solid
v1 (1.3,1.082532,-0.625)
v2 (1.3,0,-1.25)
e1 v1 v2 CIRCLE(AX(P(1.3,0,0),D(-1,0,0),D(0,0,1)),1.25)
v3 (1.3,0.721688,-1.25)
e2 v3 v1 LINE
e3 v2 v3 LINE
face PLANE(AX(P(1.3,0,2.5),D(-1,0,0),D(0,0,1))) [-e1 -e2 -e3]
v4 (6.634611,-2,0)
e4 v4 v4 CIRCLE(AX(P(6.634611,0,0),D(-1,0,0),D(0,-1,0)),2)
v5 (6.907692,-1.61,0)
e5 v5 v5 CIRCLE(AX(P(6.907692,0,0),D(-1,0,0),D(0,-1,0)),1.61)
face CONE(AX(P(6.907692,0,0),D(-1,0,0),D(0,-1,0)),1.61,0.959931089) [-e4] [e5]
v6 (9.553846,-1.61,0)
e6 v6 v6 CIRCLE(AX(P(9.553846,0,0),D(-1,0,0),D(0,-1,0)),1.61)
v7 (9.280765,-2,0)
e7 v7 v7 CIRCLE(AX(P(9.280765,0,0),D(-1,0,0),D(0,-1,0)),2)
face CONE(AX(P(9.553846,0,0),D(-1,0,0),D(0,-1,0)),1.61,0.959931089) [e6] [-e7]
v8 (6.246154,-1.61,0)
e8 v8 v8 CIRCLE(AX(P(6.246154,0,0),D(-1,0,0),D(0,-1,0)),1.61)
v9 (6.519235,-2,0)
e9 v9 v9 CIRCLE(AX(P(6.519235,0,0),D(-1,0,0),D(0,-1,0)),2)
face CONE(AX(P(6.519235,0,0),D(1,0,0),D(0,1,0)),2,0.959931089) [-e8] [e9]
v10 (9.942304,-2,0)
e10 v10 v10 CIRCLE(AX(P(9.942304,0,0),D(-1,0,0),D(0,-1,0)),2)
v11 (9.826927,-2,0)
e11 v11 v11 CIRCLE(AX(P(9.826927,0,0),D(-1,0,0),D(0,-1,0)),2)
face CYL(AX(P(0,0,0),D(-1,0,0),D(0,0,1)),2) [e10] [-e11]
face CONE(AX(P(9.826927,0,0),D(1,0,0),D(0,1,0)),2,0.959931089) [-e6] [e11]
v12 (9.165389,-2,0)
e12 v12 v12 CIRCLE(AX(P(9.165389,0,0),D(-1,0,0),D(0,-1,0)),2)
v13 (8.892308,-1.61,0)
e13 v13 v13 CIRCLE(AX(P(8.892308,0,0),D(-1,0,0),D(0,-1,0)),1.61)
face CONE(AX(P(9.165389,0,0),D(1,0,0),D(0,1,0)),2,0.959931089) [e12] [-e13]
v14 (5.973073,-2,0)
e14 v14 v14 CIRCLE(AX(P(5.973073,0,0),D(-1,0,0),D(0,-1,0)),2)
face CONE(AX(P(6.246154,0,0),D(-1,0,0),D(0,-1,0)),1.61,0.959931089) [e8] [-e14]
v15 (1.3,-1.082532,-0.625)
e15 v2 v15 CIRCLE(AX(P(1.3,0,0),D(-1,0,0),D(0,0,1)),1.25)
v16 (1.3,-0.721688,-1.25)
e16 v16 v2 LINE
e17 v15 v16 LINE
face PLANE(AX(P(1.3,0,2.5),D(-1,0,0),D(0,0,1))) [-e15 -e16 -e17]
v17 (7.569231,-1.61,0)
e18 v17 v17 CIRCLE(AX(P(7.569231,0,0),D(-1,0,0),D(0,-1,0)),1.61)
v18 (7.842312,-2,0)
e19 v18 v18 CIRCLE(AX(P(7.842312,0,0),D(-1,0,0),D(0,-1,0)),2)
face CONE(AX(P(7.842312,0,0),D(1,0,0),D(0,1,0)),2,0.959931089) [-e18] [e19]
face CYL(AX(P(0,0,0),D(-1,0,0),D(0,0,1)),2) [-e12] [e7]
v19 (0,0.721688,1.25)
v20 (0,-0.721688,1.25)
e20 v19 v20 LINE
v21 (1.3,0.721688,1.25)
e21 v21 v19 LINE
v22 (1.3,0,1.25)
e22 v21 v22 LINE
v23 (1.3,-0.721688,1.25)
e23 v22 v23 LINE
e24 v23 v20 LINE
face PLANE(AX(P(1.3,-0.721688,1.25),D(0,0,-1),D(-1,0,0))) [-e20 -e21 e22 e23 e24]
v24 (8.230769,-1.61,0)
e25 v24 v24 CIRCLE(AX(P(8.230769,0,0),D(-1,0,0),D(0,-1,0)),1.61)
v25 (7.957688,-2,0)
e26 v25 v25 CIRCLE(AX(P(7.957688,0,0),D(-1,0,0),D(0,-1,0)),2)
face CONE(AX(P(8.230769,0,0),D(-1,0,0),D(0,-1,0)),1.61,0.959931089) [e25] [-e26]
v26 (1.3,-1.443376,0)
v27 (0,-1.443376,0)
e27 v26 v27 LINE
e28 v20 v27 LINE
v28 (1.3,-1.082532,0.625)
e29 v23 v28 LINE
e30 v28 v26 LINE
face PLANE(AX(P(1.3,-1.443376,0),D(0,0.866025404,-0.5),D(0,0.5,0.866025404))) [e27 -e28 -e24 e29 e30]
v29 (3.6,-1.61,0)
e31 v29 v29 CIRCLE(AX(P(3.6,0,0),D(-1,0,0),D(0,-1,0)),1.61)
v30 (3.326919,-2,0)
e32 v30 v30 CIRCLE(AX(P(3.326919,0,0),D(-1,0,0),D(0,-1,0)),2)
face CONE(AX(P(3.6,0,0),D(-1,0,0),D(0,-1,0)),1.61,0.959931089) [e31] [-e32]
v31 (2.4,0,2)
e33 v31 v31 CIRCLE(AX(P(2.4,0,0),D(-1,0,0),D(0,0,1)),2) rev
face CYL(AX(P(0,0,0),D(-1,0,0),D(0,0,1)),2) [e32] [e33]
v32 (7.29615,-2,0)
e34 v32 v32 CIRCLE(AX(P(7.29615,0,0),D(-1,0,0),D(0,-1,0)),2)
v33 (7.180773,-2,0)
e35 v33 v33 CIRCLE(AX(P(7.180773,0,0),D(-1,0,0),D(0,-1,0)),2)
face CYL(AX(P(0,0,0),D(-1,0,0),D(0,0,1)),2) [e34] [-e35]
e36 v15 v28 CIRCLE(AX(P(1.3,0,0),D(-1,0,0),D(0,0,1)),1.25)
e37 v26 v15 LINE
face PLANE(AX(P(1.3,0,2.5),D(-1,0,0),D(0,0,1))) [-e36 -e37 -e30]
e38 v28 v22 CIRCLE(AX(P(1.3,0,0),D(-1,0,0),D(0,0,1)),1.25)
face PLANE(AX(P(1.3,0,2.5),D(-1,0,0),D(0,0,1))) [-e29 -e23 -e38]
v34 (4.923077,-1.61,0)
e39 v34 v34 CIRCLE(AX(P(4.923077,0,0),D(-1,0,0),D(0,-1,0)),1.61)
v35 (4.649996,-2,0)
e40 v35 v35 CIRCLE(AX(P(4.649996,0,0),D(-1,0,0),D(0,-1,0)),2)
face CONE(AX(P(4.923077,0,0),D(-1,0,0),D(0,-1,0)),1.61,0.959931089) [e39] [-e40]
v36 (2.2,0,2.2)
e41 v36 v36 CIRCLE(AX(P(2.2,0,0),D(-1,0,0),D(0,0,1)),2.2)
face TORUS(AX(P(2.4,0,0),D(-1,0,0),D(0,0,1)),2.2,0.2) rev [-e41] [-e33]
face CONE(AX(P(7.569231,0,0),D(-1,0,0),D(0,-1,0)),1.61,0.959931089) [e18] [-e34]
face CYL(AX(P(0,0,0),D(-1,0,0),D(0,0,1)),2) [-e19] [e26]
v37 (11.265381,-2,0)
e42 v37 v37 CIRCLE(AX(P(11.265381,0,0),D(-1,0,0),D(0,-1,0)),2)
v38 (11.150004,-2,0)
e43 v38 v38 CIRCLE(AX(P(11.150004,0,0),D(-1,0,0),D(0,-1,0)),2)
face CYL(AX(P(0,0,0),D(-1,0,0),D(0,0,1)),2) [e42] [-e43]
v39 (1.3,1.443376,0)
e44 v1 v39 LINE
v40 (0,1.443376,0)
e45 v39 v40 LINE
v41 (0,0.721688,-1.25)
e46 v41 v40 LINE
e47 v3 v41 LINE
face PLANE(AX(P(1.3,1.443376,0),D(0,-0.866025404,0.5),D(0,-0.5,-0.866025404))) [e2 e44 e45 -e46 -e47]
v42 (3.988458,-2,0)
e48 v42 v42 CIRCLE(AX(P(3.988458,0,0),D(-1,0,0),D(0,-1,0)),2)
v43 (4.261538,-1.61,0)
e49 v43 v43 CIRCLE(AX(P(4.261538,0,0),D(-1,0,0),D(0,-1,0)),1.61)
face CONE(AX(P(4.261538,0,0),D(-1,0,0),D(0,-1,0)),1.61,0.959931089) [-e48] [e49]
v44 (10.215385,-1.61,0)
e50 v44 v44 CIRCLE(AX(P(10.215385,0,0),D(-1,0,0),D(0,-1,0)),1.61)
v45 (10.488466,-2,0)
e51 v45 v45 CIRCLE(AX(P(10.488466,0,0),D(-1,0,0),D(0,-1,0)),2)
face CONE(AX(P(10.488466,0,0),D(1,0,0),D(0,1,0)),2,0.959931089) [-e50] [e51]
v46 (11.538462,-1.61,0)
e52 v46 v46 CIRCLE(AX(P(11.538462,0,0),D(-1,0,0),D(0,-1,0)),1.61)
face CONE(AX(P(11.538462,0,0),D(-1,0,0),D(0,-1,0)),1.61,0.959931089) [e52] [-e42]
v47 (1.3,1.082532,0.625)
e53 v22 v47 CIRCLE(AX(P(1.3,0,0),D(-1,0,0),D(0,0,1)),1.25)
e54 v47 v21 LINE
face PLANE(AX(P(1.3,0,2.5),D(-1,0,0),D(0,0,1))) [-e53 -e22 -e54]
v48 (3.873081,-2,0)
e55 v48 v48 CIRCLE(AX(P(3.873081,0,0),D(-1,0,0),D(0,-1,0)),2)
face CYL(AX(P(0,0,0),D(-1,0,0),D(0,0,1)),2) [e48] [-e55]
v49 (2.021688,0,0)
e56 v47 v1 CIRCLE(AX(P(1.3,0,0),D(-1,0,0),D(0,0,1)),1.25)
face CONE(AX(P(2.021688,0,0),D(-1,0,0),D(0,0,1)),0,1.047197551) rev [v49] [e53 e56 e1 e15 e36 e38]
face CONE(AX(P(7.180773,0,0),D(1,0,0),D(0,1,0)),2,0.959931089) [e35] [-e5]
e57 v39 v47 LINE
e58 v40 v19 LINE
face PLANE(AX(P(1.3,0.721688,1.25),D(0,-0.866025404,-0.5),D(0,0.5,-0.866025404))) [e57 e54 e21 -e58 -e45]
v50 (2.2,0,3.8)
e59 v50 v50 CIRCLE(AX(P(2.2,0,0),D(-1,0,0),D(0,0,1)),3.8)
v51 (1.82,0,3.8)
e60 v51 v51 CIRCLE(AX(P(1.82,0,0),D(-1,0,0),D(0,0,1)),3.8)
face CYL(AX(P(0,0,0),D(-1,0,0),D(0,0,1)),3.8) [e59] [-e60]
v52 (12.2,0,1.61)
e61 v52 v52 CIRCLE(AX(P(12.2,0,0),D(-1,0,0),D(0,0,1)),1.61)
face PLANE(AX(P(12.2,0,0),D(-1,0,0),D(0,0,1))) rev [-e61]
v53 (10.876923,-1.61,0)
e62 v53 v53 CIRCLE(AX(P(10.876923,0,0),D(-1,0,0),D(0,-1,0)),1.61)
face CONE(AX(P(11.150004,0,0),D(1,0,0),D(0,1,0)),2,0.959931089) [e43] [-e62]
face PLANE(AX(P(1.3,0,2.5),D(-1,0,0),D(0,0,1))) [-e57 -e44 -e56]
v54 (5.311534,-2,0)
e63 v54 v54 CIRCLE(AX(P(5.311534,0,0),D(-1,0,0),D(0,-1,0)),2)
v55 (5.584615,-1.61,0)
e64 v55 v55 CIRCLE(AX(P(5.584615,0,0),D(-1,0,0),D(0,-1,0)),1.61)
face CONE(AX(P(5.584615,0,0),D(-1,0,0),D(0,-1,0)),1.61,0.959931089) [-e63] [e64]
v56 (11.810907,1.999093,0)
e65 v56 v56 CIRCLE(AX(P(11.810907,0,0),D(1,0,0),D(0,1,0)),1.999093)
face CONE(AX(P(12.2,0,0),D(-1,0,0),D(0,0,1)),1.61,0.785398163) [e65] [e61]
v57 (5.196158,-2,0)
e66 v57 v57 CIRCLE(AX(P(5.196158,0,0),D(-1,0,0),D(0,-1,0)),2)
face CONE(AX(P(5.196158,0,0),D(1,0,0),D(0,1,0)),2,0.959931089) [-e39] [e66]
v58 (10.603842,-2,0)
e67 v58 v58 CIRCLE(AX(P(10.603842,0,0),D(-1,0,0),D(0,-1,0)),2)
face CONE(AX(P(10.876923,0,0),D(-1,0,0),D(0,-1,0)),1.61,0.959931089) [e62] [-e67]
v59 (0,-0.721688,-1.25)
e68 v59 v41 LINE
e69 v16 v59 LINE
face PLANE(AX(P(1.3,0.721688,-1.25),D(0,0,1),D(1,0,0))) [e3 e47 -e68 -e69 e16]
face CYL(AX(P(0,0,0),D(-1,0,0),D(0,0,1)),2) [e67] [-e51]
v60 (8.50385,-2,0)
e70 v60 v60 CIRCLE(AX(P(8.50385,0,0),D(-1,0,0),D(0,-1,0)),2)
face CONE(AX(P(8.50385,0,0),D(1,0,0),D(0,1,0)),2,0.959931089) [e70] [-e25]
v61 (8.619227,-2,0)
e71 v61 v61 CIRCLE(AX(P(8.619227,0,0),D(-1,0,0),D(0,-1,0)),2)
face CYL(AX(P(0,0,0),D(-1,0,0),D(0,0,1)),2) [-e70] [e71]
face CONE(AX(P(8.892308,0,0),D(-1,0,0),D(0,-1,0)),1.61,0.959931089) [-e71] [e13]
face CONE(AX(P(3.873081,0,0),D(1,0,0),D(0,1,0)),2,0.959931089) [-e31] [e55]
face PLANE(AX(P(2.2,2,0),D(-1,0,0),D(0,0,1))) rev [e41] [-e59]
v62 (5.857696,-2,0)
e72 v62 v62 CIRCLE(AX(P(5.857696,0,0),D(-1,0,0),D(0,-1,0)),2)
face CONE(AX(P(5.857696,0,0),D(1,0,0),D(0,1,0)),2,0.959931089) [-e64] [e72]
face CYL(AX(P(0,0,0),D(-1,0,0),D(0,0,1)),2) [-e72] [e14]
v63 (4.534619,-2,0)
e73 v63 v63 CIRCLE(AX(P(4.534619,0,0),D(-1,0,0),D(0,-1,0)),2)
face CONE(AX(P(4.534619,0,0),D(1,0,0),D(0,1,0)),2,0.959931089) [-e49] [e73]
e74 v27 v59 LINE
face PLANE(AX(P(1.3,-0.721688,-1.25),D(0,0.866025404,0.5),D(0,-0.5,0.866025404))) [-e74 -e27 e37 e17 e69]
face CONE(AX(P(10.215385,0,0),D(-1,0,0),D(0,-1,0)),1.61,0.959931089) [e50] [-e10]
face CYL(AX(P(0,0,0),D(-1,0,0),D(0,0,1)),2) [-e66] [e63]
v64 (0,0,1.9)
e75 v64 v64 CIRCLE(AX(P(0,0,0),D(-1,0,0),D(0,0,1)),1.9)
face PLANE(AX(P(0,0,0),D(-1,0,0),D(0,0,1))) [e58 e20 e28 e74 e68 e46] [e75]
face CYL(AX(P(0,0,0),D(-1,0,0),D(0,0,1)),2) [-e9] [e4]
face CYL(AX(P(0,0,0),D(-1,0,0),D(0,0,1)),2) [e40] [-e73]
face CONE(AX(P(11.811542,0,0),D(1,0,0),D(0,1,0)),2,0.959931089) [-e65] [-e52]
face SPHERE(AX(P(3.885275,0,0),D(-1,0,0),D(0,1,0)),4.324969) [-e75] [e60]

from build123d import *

# Parameters (mm, degrees)
FILLET1_R       = 0.2
HEX_2_DEPTH     = 1.3
THDSCHPAT_COUNT = 13
THDSCHPAT_PITCH = 0.661538462


with BuildPart() as part:
    # BodySke → BaseBody (revolve)
    with BuildSketch(Plane.XY):
        with BuildLine():
            Line((12.2, 0), (12.2, 1.61))
            Line((12.2, 1.61), (11.81, 2))
            Line((11.81, 2), (2.2, 2))
            Line((2.2, 2), (2.2, 3.8))
            Line((2.2, 3.8), (1.82, 3.8))
            ThreePointArc((1.82, 3.8), (0.762013659, 2.991755338), (0, 1.9))
            Line((0, 1.9), (0, 0))
            Line((0, 0), (12.2, 0))
        make_face()
    revolve(axis=Axis((0, 0, 0), (1, 0, 0)))

    # Fillet1
    fillet1_edges = [part.edges().sort_by_distance(p)[0] for p in [
        (2.2, -2, 0),
    ]]
    fillet(fillet1_edges, radius=FILLET1_R)

    # Sketch2 → PreBroach (revolve, cut)
    with BuildSketch(Plane.XY):
        Polygon((0, 1.25), (1.3, 1.25), (2.021687836, 0), (0, 0), align=None)
    revolve(axis=Axis((0, 0, 0), (1, 0, 0)), mode=Mode.SUBTRACT)

    # Sketch3 → Hex 2 (cut)
    with BuildSketch(Plane(origin=(0, 0, 0), x_dir=(0, 0, -1), z_dir=(1, 0, 0))):
        Polygon((-1.25, -0.721687836), (-1.25, 0.721687836), (0, 1.443375673), (1.25, 0.721687836), (1.25, -0.721687836), (0, -1.443375673), align=None)
    extrude(amount=HEX_2_DEPTH, mode=Mode.SUBTRACT)

    # ThdSchSke → ThreadSchematic (revolve, cut)
    with BuildSketch(Plane.XY):
        Polygon((3.6, -1.61), (3.32691906, -2), (3.32691906, -2.5), (3.87308094, -2.5), (3.87308094, -2), align=None)
    threadschematic = revolve(axis=Axis((-3.175, 0, 0), (1, 0, 0)), mode=Mode.SUBTRACT)

    # ThdSchPat: ThreadSchematic ×13
    with Locations(*[(i * THDSCHPAT_PITCH, 0, 0) for i in range(1, THDSCHPAT_COUNT)]):
        add(threadschematic, mode=Mode.SUBTRACT)


solid = part.part
